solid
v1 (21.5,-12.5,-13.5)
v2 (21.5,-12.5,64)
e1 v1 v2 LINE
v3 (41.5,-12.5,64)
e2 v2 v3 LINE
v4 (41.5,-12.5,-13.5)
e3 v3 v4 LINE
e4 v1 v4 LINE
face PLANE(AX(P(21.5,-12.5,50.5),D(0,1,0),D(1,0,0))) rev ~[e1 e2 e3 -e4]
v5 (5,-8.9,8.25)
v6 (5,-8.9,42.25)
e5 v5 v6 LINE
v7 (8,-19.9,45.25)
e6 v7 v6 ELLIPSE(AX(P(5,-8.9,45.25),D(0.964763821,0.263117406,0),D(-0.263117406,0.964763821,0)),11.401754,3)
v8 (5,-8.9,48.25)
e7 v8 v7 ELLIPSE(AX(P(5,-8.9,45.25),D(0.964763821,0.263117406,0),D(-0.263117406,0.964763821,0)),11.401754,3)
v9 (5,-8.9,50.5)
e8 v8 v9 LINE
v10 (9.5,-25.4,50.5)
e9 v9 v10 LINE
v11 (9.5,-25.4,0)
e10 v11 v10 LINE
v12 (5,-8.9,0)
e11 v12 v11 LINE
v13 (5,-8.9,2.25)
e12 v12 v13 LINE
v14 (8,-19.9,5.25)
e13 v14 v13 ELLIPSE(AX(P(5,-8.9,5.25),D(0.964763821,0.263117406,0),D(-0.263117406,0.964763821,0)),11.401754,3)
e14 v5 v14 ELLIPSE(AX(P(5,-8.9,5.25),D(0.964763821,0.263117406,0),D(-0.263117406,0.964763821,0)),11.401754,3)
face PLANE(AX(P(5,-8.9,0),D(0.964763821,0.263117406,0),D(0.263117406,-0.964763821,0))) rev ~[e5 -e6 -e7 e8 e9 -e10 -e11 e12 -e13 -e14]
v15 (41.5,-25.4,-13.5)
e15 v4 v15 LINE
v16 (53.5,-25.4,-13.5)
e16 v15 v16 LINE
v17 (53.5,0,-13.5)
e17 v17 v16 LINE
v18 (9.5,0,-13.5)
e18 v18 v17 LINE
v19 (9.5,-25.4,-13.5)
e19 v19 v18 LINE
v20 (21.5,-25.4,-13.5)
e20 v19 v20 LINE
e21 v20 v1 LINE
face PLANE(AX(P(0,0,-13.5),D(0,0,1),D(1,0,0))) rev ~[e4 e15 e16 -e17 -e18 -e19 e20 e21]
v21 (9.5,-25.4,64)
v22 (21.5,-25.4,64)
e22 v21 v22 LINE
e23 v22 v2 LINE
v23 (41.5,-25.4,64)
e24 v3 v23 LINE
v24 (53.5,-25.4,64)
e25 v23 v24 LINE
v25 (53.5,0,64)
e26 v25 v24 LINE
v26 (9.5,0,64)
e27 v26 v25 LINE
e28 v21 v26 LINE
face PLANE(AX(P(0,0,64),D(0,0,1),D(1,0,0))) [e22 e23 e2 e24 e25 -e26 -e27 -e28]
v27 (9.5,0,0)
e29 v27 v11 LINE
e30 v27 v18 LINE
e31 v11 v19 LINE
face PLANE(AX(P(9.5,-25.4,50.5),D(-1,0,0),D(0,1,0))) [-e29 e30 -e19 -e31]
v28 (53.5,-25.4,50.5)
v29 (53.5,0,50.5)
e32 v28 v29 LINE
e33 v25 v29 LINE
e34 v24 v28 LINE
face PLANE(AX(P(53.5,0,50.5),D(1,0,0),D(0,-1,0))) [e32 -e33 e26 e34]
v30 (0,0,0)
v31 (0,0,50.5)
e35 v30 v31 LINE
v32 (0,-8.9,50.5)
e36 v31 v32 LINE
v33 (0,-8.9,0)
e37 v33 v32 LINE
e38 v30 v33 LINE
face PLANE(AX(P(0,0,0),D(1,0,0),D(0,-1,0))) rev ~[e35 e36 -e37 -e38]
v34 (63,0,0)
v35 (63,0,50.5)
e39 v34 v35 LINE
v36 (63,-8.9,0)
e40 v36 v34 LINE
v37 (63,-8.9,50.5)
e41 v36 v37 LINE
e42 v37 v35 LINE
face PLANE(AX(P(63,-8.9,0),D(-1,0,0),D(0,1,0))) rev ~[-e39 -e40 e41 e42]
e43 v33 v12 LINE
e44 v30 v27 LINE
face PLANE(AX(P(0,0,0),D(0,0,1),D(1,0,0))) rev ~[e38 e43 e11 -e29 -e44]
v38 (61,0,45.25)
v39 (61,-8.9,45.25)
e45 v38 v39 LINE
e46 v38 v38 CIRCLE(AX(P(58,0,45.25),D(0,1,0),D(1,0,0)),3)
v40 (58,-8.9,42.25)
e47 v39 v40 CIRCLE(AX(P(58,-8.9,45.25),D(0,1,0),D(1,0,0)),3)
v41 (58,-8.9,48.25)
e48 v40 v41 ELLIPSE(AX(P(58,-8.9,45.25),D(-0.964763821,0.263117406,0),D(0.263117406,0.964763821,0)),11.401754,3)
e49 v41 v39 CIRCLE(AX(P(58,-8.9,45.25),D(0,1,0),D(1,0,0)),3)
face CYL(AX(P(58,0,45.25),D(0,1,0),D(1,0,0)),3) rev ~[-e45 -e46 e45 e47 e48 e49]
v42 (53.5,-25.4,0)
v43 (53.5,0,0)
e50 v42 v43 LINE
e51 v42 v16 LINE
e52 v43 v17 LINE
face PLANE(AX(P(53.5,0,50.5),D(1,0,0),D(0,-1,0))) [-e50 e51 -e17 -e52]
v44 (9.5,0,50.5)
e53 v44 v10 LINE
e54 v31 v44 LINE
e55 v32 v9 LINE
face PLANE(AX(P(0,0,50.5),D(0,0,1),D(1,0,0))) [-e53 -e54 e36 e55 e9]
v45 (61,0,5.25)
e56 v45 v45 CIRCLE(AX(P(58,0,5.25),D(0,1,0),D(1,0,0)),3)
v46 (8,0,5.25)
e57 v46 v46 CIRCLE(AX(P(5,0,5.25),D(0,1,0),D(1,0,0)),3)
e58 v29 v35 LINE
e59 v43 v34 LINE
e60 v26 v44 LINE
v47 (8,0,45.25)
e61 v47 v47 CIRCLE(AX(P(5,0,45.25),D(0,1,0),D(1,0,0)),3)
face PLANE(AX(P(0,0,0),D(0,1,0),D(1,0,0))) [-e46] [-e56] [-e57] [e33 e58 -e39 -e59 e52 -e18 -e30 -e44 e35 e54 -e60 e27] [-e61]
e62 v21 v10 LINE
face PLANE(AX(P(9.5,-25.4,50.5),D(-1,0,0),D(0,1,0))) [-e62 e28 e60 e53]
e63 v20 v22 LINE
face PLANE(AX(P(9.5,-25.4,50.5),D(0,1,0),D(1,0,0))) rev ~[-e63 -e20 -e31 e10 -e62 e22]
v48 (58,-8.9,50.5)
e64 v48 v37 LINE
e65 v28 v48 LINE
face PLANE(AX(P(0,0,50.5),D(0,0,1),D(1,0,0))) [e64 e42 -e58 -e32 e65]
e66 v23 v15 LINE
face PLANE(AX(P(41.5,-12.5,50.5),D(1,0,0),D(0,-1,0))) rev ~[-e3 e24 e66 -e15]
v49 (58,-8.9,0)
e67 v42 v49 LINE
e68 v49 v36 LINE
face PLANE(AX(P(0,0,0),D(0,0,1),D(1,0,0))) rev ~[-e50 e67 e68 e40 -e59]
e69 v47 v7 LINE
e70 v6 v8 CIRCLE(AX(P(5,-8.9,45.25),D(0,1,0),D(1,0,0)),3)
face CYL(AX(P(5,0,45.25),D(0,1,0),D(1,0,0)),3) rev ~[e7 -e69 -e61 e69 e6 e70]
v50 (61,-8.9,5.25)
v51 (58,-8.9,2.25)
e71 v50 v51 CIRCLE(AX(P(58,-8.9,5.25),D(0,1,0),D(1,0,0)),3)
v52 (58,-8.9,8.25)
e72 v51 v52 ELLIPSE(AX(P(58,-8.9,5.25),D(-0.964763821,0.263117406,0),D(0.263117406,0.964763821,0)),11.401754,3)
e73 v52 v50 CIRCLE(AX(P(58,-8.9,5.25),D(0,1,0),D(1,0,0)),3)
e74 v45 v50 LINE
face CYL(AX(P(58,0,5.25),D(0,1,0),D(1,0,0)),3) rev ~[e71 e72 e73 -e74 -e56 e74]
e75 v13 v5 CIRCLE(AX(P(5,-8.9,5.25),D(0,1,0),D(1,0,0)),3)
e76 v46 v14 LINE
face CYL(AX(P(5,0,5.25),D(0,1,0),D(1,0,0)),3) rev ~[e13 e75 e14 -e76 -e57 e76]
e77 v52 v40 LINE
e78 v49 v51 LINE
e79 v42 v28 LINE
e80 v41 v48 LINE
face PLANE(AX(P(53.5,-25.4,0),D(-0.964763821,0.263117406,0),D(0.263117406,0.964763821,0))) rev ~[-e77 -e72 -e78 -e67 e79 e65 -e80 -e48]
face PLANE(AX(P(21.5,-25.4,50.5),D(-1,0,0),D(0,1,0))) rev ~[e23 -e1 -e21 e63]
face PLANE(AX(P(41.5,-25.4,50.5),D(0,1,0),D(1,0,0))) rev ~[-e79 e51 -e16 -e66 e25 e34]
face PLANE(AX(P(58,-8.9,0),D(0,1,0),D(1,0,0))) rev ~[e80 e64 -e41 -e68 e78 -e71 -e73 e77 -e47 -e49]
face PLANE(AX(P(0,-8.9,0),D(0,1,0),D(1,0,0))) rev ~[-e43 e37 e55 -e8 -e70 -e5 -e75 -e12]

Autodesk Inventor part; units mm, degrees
ref_plane "YZ Plane" through (0, 0, 0) normal (1, 0, 0) x (0, 1, 0)
ref_plane "XZ Plane" through (0, 0, 0) normal (0, 1, 0) x (-1, 0, 0)
ref_plane "XY Plane" through (0, 0, 0) normal (0, 0, 1) x (1, 0, 0)
sketch "Sketch1" plane through (0, 0, 0) normal (0, 0, 1) x (1, 0, 0)
  line L0 (0, 0) -> (63, 0)
  line L1 (53.5, -25.4) -> (41.5, -25.4)
  line L2 (41.5, -25.4) -> (41.5, -12.5)
  line L3 (41.5, -12.5) -> (21.5, -12.5)
  line L4 (21.5, -12.5) -> (21.5, -25.4)
  line L5 (0, 0) -> (0, -8.9)
  line L6 (0, -8.9) -> (5, -8.9)
  line L7 (5, -8.9) -> (9.5, -25.4)
  line L8 (9.5, -25.4) -> (21.5, -25.4)
  line L9 (53.5, -25.4) -> (58, -8.9)
  line L10 (58, -8.9) -> (63, -8.9)
  line L11 (63, -8.9) -> (63, 0)
  point P0 (31.5, -12.5)
  point P1 (31.5, 0)
  dimension "d0" = 63
  dimension "d1" = 25.4
  dimension "d4" = 21.5
  dimension "d5" = 8.9
  dimension "d6" = 12.9
  dimension "d7" = 12
  dimension "d8" = 5
extrude "Extrusion1" add sketch "Sketch1" along normal blind 50.5
sketch "Sketch2" plane through (0, 0, 50.5) normal (0, 0, 1) x (1, 0, 0)
  line L0 (21.5, -25.4) -> (21.5, -12.5) projected
  line L1 (41.5, -12.5) -> (41.5, -25.4) projected
  line L2 (9.5, -25.4) -> (21.5, -25.4) projected
  line L3 (41.5, -25.4) -> (53.5, -25.4) projected
  line L4 (9.5, -25.4) -> (9.5, 0)
  line L5 (9.5, 0) -> (53.5, 0)
  line L6 (53.5, 0) -> (53.5, -25.4)
  line L7 (21.5, -12.5) -> (41.5, -12.5) projected
  point P0 (0, 0)
  point P1 (31.5, 0)
extrude "Extrusion2" add sketch "Sketch2" along normal blind 13.5 and the other way blind 64
sketch "Sketch3" plane through (63, 0, 50.5) normal (0, 1, 0) x (1, 0, 0)
  circle A0 centre (-58, 5.25) radius 3
  circle A1 centre (-58, 45.25) radius 3
  circle A2 centre (-5, 5.25) radius 3
  circle A3 centre (-5, 45.25) radius 3
  line L0 (-58, 5.25) -> (-5, 5.25) construction
  line L1 (-5, 5.25) -> (-5, 45.25) construction
  line L2 (-5, 45.25) -> (-58, 45.25) construction
  line L3 (-58, 45.25) -> (-58, 5.25) construction
  line L4 (-53.5, 64) -> (-9.5, 64) projected
  line L5 (-63, 50.5) -> (-63, 0) projected
  point P0 (-31.5, 64)
  point P1 (-31.5, 45.25)
  point P2 (-58, 25.25)
  point P3 (-63, 25.25)
  dimension "d15" = 6
  dimension "d16" = 40
  dimension "d17" = 53
extrude "Extrusion3" cut sketch "Sketch3" against normal blind 34.5
properties part number "HGW20CC_Slider"
